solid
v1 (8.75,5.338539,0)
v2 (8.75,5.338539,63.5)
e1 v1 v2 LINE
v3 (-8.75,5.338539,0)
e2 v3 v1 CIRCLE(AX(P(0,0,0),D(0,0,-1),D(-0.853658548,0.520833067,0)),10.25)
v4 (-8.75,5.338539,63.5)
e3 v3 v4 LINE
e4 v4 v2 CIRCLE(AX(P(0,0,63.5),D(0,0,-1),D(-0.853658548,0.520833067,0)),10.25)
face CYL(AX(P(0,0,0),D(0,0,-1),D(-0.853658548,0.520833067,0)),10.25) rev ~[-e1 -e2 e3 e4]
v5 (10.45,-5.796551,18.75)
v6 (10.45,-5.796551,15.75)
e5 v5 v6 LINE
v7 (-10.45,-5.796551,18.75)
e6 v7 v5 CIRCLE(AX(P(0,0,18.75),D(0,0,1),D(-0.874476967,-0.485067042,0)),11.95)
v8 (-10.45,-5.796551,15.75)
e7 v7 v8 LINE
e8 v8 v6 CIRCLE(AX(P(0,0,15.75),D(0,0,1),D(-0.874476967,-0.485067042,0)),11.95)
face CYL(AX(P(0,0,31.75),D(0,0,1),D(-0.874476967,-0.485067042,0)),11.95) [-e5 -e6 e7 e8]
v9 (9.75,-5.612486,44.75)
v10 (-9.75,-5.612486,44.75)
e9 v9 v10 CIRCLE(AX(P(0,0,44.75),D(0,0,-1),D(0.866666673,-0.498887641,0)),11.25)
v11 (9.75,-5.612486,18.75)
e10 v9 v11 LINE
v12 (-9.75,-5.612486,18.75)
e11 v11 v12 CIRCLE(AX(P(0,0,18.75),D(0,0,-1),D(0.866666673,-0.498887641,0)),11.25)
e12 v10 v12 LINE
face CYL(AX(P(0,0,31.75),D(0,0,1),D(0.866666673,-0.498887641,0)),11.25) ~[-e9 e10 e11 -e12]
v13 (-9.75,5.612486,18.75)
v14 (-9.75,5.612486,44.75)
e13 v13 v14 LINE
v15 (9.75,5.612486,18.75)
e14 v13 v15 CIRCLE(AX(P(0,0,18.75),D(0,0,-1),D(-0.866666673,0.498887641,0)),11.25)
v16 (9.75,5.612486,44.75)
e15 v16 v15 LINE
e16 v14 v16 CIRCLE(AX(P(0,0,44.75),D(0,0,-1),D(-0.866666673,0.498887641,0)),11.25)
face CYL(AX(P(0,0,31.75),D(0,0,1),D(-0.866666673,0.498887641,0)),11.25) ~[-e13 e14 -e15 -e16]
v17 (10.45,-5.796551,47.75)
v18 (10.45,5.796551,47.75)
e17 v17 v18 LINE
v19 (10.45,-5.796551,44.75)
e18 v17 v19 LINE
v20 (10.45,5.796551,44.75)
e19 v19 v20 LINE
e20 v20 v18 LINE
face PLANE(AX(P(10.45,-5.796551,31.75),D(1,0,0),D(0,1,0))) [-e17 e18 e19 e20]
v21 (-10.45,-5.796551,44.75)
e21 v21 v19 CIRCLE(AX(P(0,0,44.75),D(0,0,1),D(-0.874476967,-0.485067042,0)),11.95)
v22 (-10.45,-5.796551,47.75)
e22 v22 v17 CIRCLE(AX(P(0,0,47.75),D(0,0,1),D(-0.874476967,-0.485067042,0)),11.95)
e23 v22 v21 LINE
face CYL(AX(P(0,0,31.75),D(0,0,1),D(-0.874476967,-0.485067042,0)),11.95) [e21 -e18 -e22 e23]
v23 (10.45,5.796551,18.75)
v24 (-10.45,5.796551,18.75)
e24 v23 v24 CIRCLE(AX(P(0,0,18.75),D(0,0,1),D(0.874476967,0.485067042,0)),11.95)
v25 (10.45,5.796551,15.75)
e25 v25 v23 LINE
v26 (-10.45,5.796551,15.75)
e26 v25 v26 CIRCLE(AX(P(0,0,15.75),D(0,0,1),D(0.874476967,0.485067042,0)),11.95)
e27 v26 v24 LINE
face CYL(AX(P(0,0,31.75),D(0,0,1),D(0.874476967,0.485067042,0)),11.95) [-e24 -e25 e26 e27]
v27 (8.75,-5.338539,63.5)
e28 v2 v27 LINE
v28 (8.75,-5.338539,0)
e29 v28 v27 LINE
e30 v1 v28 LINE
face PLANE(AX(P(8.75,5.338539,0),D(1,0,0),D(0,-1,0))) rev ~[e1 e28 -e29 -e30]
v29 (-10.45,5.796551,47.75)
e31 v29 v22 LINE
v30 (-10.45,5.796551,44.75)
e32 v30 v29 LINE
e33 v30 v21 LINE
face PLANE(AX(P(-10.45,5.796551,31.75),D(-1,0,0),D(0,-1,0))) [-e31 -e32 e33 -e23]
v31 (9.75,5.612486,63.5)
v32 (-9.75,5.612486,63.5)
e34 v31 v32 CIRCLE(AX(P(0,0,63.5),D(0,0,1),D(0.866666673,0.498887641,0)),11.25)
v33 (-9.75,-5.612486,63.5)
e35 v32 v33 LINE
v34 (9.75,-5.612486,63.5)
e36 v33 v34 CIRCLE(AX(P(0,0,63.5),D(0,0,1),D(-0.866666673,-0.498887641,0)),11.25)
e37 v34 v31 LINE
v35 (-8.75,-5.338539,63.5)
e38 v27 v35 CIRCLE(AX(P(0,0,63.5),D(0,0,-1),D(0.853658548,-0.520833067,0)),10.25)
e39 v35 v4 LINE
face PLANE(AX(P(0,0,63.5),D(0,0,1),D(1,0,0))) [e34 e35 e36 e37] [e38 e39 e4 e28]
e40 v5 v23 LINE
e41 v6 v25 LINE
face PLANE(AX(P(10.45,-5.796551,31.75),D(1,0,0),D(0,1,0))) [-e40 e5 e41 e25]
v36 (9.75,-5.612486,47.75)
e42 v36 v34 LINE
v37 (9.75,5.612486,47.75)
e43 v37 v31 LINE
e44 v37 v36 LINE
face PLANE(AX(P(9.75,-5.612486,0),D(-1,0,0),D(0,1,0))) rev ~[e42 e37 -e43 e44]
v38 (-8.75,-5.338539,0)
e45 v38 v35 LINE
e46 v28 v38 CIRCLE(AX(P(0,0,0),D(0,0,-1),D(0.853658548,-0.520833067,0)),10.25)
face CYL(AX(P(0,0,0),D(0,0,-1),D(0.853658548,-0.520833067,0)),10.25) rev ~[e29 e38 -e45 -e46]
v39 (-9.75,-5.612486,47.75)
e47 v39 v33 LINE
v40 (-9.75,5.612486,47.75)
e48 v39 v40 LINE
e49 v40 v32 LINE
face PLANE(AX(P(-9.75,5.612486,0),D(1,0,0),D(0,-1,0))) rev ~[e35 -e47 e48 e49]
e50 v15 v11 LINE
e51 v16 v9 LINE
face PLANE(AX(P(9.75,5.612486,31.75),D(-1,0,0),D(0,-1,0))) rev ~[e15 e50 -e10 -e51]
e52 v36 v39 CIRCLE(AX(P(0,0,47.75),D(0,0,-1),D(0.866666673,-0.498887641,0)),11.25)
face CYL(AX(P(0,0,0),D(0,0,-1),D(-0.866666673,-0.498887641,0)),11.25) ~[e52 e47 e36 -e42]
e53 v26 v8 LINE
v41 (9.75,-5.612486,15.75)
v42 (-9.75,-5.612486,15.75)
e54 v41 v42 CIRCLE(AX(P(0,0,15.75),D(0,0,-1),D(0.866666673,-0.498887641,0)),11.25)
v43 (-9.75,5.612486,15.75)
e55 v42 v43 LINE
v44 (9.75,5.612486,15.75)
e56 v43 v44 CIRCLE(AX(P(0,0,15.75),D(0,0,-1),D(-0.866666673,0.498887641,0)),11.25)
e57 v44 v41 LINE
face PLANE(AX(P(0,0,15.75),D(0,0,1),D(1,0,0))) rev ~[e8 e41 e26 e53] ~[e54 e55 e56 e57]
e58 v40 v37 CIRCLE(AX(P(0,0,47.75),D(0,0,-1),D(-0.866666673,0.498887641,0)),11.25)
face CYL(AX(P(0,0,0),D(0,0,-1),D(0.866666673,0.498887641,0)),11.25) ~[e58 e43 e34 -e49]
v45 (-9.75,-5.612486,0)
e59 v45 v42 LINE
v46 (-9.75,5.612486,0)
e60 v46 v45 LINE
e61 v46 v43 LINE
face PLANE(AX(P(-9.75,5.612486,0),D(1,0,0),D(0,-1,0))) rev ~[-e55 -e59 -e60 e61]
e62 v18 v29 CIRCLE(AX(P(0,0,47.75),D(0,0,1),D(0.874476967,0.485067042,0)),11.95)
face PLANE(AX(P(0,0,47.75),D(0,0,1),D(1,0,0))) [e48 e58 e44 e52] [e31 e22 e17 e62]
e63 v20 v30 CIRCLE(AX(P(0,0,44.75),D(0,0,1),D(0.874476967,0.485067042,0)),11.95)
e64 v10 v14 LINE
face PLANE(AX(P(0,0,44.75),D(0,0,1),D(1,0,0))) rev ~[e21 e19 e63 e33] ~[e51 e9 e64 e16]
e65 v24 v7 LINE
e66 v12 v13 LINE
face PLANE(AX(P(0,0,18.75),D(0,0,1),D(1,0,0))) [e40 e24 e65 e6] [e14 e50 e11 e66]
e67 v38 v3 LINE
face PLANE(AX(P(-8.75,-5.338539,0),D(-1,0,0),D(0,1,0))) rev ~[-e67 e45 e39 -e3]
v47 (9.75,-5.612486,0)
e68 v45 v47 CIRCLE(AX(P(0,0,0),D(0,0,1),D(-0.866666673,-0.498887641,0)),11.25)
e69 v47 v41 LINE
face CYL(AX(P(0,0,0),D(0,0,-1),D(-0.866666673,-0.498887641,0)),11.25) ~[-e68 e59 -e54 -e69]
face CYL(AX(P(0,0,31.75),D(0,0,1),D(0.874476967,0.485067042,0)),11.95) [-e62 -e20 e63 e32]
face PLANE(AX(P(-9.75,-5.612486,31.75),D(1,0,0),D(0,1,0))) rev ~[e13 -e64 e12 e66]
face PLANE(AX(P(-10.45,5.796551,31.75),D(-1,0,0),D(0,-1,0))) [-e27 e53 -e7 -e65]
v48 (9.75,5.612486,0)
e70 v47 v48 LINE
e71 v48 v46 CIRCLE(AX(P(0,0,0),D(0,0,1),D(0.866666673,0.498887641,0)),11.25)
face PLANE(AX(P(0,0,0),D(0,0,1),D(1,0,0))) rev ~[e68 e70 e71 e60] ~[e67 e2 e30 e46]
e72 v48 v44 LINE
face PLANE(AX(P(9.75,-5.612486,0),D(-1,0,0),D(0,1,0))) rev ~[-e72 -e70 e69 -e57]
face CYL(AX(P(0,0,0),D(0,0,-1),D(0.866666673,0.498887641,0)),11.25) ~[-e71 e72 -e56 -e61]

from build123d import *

# Parameters (mm, degrees)
F1_DEPTH = 63.5
F4_DEPTH = 16
F5_DEPTH = 13


with BuildPart() as f1:
    # F0 (on Top) → F1 (new body)
    with BuildSketch(Plane.XY):
        with BuildLine():
            Line((-9.75, 5.612486), (-9.75, -5.612486))
            ThreePointArc((-9.75, -5.612486), (0, -11.25), (9.75, -5.612486))
            Line((9.75, -5.612486), (9.75, 5.612486))
            ThreePointArc((9.75, 5.612486), (0, 11.25), (-9.75, 5.612486))
        make_face()
        with BuildLine():
            ThreePointArc((8.75, -5.338539), (0, -10.25), (-8.75, -5.338539))
            Line((-8.75, -5.338539), (-8.75, 5.338539))
            ThreePointArc((-8.75, 5.338539), (0, 10.25), (8.75, 5.338539))
            Line((8.75, 5.338539), (8.75, -5.338539))
        make_face(mode=Mode.SUBTRACT)
    extrude(amount=F1_DEPTH)

    # F3 (on mid) → F4 (join, symmetric)
    with BuildSketch(Plane.XY.offset(31.75)):
        with BuildLine():
            Line((10.45, -5.796551), (10.45, 5.796551))
            ThreePointArc((10.45, 5.796551), (0, 11.95), (-10.45, 5.796551))
            Line((-10.45, 5.796551), (-10.45, -5.796551))
            ThreePointArc((-10.45, -5.796551), (0, -11.95), (10.45, -5.796551))
        make_face()
        with BuildLine():
            ThreePointArc((-9.75, 5.612486), (0, 11.25), (9.75, 5.612486))
            Line((9.75, 5.612486), (9.75, -5.612486))
            ThreePointArc((9.75, -5.612486), (0, -11.25), (-9.75, -5.612486))
            Line((-9.75, -5.612486), (-9.75, 5.612486))
        make_face(mode=Mode.SUBTRACT)
    extrude(amount=F4_DEPTH, both=True)

    # F3 (on mid) → F5 (cut, symmetric)
    with BuildSketch(Plane.XY.offset(31.75)):
        with BuildLine():
            Line((10.45, -5.796551), (10.45, 5.796551))
            ThreePointArc((10.45, 5.796551), (0, 11.95), (-10.45, 5.796551))
            Line((-10.45, 5.796551), (-10.45, -5.796551))
            ThreePointArc((-10.45, -5.796551), (0, -11.95), (10.45, -5.796551))
        make_face()
        with BuildLine():
            ThreePointArc((-9.75, 5.612486), (0, 11.25), (9.75, 5.612486))
            Line((9.75, 5.612486), (9.75, -5.612486))
            ThreePointArc((9.75, -5.612486), (0, -11.25), (-9.75, -5.612486))
            Line((-9.75, -5.612486), (-9.75, 5.612486))
        make_face(mode=Mode.SUBTRACT)
    extrude(amount=F5_DEPTH, both=True, mode=Mode.SUBTRACT)


solid = f1.part
